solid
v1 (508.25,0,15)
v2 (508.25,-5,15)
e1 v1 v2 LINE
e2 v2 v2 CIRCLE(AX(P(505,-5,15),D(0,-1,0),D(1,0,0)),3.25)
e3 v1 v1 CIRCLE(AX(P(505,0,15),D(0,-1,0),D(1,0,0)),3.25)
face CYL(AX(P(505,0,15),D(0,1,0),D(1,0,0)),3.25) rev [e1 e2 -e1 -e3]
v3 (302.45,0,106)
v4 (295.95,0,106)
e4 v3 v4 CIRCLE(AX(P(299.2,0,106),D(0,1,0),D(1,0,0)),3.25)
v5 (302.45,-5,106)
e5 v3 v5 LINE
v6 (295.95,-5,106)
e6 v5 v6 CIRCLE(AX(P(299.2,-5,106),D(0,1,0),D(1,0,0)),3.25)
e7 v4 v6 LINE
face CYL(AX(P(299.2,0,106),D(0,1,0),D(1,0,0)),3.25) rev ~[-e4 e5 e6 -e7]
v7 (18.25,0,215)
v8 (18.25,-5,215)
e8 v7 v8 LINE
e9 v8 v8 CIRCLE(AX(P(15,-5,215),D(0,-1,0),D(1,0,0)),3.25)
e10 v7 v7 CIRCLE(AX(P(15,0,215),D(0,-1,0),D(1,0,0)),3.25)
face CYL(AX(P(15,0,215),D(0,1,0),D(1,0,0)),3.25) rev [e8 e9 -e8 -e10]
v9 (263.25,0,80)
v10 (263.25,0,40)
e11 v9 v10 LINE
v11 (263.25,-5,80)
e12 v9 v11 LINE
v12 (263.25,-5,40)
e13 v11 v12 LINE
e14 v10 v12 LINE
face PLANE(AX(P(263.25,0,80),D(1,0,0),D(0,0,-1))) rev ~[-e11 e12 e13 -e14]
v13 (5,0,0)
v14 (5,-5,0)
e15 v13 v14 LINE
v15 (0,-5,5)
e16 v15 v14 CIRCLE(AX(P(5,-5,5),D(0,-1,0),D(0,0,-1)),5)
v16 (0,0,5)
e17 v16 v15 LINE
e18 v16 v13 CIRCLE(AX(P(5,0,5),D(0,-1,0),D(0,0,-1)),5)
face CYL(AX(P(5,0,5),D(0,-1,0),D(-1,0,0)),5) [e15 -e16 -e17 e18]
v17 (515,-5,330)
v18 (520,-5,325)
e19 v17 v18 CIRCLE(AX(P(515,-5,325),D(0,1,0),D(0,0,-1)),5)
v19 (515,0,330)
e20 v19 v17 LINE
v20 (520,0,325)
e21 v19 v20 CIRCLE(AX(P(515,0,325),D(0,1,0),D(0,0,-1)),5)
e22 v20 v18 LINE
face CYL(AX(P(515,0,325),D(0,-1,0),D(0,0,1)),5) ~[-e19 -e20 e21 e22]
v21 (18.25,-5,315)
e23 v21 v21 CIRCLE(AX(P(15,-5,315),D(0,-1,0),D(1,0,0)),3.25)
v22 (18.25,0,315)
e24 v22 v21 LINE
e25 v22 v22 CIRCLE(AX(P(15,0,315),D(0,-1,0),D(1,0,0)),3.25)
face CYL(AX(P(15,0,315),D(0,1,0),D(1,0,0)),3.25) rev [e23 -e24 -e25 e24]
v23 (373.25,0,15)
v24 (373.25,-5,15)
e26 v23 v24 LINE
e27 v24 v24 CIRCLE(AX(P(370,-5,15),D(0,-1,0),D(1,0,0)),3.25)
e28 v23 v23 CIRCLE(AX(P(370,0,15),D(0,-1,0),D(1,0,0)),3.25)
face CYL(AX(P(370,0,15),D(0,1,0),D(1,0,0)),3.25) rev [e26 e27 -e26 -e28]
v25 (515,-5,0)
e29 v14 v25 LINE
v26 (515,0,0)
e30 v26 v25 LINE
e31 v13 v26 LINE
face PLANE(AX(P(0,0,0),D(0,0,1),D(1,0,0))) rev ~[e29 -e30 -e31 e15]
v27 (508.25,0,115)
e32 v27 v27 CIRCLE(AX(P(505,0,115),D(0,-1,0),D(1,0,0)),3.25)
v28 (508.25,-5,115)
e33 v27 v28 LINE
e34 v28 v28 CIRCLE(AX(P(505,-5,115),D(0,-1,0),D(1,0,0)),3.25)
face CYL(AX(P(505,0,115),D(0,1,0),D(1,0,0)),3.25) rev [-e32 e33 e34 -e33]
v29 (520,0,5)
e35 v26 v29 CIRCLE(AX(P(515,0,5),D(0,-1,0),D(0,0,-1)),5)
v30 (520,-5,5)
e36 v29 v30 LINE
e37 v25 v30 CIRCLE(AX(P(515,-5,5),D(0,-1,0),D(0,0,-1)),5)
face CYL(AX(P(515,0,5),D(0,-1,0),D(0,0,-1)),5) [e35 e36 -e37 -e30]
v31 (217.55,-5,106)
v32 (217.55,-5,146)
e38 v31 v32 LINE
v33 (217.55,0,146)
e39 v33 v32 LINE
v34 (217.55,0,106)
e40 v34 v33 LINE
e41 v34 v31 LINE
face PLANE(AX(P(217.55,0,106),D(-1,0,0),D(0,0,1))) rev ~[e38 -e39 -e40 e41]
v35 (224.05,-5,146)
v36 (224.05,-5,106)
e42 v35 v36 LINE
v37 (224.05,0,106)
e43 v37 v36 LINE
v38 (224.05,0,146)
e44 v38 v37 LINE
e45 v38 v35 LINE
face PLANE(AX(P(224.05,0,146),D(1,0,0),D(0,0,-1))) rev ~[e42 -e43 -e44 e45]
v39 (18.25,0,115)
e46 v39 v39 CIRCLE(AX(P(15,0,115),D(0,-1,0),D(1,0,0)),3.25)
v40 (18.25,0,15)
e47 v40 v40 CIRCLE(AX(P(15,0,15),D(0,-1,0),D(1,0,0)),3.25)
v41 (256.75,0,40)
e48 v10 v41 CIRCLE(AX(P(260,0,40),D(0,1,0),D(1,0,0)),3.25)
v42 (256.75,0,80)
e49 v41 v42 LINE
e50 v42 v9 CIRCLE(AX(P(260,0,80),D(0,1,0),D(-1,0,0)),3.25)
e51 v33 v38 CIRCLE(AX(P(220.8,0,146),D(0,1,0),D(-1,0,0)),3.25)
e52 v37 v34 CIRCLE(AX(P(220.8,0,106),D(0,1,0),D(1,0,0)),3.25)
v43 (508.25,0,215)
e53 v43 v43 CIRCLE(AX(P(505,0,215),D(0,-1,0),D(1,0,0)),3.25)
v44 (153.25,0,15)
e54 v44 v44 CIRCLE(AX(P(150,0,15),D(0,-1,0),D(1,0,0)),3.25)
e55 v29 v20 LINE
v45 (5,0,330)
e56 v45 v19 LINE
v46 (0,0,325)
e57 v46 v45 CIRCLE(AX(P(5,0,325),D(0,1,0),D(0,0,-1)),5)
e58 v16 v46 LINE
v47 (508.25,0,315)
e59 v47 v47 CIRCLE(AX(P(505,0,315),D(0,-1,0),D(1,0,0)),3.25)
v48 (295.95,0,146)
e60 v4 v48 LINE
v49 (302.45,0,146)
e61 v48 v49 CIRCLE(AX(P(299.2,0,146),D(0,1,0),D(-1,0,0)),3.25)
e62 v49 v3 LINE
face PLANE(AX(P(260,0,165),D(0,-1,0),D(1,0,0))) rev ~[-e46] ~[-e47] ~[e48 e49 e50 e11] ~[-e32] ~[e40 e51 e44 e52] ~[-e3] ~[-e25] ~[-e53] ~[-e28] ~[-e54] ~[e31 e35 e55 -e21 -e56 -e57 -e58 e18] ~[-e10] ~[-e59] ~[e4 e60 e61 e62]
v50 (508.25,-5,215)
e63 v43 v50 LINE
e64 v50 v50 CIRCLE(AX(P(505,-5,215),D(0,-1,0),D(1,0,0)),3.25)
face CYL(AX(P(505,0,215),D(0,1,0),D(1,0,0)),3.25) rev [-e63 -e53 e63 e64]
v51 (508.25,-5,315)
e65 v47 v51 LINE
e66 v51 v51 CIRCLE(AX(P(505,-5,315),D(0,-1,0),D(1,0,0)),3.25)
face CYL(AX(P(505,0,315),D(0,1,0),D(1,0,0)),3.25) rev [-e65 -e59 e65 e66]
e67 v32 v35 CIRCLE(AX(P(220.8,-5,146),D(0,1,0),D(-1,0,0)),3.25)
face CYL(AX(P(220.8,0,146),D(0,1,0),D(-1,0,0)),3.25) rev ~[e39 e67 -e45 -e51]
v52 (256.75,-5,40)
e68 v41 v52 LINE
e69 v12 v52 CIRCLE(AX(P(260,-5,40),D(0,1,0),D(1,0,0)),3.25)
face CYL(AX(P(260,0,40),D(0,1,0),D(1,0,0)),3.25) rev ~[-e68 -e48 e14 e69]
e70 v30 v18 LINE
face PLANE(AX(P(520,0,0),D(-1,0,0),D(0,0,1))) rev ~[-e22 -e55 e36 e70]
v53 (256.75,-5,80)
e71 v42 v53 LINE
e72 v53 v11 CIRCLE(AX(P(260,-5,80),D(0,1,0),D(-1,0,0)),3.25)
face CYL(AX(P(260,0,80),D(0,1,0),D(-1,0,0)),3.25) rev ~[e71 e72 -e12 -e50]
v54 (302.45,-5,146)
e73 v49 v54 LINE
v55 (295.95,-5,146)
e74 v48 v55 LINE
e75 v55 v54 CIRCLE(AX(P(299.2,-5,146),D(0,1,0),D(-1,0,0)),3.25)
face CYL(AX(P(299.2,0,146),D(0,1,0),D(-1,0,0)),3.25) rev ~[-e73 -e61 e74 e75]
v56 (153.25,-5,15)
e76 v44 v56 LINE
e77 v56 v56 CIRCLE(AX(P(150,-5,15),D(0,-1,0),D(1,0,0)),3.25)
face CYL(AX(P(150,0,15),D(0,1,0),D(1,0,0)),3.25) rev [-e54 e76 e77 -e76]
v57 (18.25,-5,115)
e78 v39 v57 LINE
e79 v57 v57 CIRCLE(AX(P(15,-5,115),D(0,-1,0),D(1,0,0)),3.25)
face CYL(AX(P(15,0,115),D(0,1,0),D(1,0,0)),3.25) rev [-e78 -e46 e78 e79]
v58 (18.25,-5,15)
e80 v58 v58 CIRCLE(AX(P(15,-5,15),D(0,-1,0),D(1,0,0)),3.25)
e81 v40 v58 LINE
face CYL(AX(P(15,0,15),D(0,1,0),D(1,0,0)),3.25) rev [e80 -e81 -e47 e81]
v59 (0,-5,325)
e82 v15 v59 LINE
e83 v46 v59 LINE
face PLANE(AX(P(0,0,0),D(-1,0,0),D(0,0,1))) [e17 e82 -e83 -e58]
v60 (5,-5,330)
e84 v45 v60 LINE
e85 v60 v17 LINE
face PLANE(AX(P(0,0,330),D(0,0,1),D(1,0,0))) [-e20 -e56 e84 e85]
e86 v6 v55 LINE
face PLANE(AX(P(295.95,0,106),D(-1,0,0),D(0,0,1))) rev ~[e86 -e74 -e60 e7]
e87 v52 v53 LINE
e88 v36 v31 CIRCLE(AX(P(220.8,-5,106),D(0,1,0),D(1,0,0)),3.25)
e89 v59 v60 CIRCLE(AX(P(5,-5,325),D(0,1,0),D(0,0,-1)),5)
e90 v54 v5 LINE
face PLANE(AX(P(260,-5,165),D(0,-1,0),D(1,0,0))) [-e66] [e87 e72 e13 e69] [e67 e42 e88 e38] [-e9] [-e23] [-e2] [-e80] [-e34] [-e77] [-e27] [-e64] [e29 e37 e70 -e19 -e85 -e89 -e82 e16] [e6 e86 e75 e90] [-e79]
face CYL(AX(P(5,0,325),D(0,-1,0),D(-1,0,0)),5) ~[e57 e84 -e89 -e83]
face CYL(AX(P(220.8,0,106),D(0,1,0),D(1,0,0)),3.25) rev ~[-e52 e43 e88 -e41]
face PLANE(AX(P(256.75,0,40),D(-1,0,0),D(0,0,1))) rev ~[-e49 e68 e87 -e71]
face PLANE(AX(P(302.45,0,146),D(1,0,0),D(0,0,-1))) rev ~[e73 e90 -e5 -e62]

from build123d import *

# Parameters (mm, degrees)
F0_W     = 520
F0_H     = 330
F0_R     = 3.25
F1_DEPTH = 5
F2_R     = 5


with BuildPart() as f1:
    # F0 (on Front) → F1 (new body)
    with BuildSketch(Plane.XZ):
        with Locations((260, 165)):
            Rectangle(F0_W, F0_H)
        with Locations((15, 15)):
            Circle(F0_R, mode=Mode.SUBTRACT)
        with Locations((150, 15)):
            Circle(F0_R, mode=Mode.SUBTRACT)
        with Locations((15, 115)):
            Circle(F0_R, mode=Mode.SUBTRACT)
        with BuildLine():
            Line((217.55, 106), (217.55, 146))
            ThreePointArc((217.55, 146), (220.8, 149.25), (224.05, 146))
            Line((224.05, 146), (224.05, 106))
            ThreePointArc((224.05, 106), (220.8, 102.75), (217.55, 106))
        make_face(mode=Mode.SUBTRACT)
        with Locations((370, 15)):
            Circle(F0_R, mode=Mode.SUBTRACT)
        with BuildLine():
            Line((256.75, 40), (256.75, 80))
            ThreePointArc((256.75, 80), (260, 83.25), (263.25, 80))
            Line((263.25, 80), (263.25, 40))
            ThreePointArc((263.25, 40), (260, 36.75), (256.75, 40))
        make_face(mode=Mode.SUBTRACT)
        with Locations((505, 15)):
            Circle(F0_R, mode=Mode.SUBTRACT)
        with BuildLine():
            Line((295.95, 106), (295.95, 146))
            ThreePointArc((295.95, 146), (299.2, 149.25), (302.45, 146))
            Line((302.45, 146), (302.45, 106))
            ThreePointArc((302.45, 106), (299.2, 102.75), (295.95, 106))
        make_face(mode=Mode.SUBTRACT)
        with Locations((505, 115)):
            Circle(F0_R, mode=Mode.SUBTRACT)
        with Locations((15, 215)):
            Circle(F0_R, mode=Mode.SUBTRACT)
        with Locations((15, 315)):
            Circle(F0_R, mode=Mode.SUBTRACT)
        with Locations((505, 215)):
            Circle(F0_R, mode=Mode.SUBTRACT)
        with Locations((505, 315)):
            Circle(F0_R, mode=Mode.SUBTRACT)
    extrude(amount=F1_DEPTH)

    # F2
    f2_edges = [f1.edges().sort_by_distance(p)[0] for p in [
        (520, -2.5, 330),
        (520, -2.5, 0),
        (0, -2.5, 0),
        (0, -2.5, 330),
    ]]
    fillet(f2_edges, radius=F2_R)


solid = f1.part
